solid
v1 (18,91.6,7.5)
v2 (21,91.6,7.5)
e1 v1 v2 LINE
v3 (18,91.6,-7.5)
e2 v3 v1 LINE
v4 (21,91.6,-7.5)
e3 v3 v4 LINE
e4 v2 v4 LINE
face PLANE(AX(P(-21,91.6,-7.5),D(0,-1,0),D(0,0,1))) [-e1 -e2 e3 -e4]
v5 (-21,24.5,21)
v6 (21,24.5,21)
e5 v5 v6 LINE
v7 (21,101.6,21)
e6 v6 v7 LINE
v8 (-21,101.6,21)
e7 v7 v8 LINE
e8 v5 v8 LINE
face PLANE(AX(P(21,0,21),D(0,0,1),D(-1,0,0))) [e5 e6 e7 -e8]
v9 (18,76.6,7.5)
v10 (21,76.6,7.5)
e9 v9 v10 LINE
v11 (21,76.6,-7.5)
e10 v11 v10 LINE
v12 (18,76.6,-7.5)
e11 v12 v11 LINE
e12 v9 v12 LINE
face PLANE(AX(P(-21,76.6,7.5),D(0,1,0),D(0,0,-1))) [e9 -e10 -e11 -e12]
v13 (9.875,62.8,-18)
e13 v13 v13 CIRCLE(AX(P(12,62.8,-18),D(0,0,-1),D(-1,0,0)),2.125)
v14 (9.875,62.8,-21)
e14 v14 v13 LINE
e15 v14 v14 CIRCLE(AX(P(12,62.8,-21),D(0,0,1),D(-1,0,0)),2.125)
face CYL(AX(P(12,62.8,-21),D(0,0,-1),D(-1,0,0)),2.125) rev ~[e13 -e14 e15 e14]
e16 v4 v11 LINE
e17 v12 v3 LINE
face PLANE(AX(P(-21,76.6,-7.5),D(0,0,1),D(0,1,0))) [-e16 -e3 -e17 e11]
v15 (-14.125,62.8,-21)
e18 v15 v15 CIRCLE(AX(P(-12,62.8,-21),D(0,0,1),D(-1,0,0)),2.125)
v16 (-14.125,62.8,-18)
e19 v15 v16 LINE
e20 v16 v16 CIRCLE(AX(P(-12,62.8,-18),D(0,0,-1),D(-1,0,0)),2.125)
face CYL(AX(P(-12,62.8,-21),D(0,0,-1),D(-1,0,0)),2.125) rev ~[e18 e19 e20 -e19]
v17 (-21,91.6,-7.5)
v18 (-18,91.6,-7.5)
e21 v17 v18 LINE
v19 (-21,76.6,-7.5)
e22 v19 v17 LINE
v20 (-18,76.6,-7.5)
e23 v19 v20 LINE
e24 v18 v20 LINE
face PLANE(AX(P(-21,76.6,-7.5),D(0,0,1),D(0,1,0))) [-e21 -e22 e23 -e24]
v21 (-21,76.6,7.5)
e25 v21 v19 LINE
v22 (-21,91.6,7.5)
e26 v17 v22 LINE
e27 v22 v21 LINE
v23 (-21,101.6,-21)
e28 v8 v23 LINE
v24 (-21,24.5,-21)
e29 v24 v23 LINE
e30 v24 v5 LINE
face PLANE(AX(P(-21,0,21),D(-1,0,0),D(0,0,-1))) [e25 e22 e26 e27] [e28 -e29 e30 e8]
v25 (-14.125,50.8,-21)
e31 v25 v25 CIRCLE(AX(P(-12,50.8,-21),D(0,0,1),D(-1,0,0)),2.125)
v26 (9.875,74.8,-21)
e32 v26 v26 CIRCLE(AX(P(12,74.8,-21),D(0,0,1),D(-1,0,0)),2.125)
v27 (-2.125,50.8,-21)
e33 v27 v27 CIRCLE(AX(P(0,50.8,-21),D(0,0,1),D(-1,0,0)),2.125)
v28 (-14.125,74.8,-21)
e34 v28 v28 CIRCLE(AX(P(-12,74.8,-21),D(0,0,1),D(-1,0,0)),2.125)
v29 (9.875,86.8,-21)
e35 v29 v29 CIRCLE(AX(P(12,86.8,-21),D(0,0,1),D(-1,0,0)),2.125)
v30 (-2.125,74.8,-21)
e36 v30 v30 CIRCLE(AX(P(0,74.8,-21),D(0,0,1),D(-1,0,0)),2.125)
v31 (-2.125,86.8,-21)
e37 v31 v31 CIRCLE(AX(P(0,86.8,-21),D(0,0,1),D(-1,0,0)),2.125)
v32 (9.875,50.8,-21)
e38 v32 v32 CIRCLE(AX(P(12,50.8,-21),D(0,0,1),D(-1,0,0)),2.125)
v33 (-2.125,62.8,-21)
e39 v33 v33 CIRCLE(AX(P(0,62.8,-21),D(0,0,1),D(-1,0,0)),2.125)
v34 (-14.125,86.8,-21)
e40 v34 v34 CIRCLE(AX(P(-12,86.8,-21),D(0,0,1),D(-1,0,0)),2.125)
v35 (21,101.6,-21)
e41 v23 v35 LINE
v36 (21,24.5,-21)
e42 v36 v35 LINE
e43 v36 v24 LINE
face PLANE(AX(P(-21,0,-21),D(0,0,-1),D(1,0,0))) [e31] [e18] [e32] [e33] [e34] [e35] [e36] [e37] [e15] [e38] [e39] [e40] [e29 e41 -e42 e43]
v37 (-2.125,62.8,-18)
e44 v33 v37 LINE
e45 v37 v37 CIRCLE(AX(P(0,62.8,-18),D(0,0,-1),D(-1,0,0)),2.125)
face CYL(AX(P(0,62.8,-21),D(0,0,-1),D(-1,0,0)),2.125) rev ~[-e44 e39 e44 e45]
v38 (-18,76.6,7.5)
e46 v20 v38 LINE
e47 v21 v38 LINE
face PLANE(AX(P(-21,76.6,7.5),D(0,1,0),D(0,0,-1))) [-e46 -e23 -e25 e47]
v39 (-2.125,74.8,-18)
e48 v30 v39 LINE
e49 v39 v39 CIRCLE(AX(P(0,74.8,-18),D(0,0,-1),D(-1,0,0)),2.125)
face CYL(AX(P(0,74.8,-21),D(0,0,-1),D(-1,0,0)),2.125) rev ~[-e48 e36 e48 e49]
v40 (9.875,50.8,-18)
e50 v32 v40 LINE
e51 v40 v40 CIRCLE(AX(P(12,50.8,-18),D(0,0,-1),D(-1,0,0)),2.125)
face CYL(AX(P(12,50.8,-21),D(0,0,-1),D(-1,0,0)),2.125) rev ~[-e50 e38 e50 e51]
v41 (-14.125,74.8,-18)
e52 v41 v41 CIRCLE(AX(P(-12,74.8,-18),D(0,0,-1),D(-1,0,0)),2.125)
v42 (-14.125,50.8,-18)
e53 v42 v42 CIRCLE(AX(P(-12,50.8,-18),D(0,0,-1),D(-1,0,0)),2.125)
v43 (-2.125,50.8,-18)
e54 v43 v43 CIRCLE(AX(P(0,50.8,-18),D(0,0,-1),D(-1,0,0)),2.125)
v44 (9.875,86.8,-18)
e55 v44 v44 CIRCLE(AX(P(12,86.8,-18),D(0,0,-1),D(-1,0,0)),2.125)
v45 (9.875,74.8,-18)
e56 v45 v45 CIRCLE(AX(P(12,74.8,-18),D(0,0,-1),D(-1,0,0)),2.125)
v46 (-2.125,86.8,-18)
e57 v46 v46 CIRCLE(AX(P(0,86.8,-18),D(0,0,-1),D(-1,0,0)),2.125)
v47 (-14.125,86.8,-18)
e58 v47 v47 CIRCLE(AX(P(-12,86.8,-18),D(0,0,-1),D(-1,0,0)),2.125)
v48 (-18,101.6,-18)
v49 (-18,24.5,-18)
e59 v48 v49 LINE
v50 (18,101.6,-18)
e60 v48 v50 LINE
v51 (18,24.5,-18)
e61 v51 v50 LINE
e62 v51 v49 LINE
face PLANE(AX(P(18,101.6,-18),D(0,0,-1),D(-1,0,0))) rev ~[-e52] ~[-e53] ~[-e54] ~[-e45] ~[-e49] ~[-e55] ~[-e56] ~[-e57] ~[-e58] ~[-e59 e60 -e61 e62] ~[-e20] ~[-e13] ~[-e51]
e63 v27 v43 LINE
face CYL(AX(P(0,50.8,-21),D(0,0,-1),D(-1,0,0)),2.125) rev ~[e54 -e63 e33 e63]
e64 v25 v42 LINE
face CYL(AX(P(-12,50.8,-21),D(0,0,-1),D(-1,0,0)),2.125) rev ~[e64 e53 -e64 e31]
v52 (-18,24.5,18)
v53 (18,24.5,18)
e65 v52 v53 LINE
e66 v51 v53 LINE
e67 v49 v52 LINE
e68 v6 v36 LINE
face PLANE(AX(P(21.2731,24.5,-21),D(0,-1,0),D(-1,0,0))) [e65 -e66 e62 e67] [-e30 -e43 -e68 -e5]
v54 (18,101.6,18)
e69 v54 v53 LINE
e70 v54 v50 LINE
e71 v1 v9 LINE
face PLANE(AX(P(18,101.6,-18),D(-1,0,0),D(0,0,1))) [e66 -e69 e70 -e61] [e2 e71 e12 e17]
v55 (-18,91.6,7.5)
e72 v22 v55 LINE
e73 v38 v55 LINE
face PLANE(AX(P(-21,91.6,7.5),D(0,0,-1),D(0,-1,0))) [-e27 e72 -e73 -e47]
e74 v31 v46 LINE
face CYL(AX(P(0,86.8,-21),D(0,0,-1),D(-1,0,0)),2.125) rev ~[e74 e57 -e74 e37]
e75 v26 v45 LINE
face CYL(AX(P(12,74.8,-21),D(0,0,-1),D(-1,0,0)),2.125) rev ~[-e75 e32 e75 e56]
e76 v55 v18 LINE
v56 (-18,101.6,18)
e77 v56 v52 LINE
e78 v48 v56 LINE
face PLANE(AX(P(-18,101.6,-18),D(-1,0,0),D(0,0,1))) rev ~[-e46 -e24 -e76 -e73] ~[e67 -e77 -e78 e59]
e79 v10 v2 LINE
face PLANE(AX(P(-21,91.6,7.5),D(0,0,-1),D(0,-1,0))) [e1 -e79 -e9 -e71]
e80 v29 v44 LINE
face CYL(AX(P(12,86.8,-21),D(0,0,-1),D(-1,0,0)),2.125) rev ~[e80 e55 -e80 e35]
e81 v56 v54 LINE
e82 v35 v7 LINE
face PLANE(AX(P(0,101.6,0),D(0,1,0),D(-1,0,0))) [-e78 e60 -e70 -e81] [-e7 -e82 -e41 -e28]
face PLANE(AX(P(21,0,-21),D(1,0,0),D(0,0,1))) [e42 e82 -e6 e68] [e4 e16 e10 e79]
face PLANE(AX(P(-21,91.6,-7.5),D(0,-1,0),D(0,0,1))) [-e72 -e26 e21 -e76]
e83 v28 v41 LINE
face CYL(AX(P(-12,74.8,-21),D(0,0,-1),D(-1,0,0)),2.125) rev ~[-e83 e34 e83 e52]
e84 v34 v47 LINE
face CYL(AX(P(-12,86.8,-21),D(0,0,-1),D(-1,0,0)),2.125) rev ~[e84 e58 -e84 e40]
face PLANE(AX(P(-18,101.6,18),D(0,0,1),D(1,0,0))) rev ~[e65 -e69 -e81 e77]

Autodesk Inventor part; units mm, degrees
ref_plane "YZ Plane" through (0, 0, 0) normal (1, 0, 0) x (0, 1, 0)
ref_plane "XZ Plane" through (0, 0, 0) normal (0, 1, 0) x (-1, 0, 0)
ref_plane "XY Plane" through (0, 0, 0) normal (0, 0, 1) x (1, 0, 0)
sketch "Sketch1" plane through (0, 0, 0) normal (0, 1, 0) x (-1, 0, 0)
  line L0 (-21, 21) -> (21, 21)
  line L1 (21, 21) -> (21, -21)
  line L2 (21, -21) -> (-21, -21)
  line L3 (-21, -21) -> (-21, 21)
  line L4 (-21, 21) -> (21, -21) construction
  line L5 (21, 21) -> (-21, -21) construction
  point P0 (0, 0)
  dimension "d0" = 42
  dimension "d1" = 42
extrude "Extrusion1" add sketch "Sketch1" along normal blind 101.6
sketch "Sketch2" plane through (0, 101.6, 0) normal (0, 1, 0) x (1, 0, 0)
  line L0 (21, 21) -> (-21, 21) projected
  line L1 (0, 21) -> (0, 18)
  line L2 (0, 18) -> (-18, 18)
  line L3 (-18, 18) -> (18, 18)
  line L4 (18, 18) -> (18, 14)
  line L5 (18, 14) -> (-18, 14)
  line L6 (-18, 14) -> (-18, 18)
  line L7 (21, -21) -> (21, 21) projected
  point P0 (0, 0)
  dimension "d4" = 3
  dimension "d5" = 18
  dimension "d6" = 36
  dimension "d7" = 4
extrude "Extrusion2" cut sketch "Sketch2" against normal through all
sketch "Sketch3" plane through (21, 0, -21) normal (0, 0, -1) x (-1, 0, 0)
  line L0 (0, 101.6) -> (42, 101.6) projected
  line L1 (21, 101.6) -> (21, 0)
  line L2 (21, 50.8) -> (39, 50.8)
  line L3 (39, 101.6) -> (39, 0) projected
  circle A0 centre (21, 50.8) radius 2.125
  dimension "d10" = 4.25
extrude "Extrusion3" cut sketch "Sketch3" against normal blind 3 contours A0 L2 L1 | L1 A0 | L2 A0 L1
pattern_linear "Rectangular Pattern1" count 2 spacing 12 along (-1, 0, 0) count 4 spacing 12 along (0, 1, 0) of "Extrusion3"
pattern_linear "Rectangular Pattern2" count 4 spacing 12 along (0, 1, 0) count 2 spacing 12 along (1, 0, 0) of "Extrusion3"
sketch "Sketch4" plane through (-21, 0, -21) normal (-1, 0, 0) x (0, 0, 1)
  line L0 (42, 0) -> (42, 101.6) projected
  line L1 (7, 101.6) -> (7, 0) projected
  line L2 (7, 72.8791) -> (9, 72.8791)
  line L3 (0, 101.6) -> (42, 101.6) projected
  line L4 (19.3629, 101.6) -> (19.3629, 91.6)
  line L5 (21, 91.6) -> (28.5, 91.6)
  line L6 (28.5, 91.6) -> (28.5, 76.6)
  line L7 (28.5, 76.6) -> (13.5, 76.6)
  line L8 (13.5, 76.6) -> (13.5, 91.6)
  line L9 (13.5, 91.6) -> (21, 91.6)
  point P0 (21, 0)
  dimension "d25" = 2
  dimension "d26" = 10
  dimension "d27" = 91.6
  dimension "d30" = 7.5
  dimension "d31" = 15
  dimension "d32" = 15
  dimension "d33" = 15
extrude "Extrusion4" cut sketch "Sketch4" against normal through all
sketch "Sketch5" plane through (21, 0, -21) normal (0, 0, -1) x (-1, 0, 0)
  point P0 (21, 0)
sketch "Sketch6" plane through (0, 0, 0) normal (0, -1, 0) x (1, 0, 0)
  line L0 (-18, -14) -> (18, -14)
  line L1 (18, -14) -> (18, -18)
  line L2 (18, -18) -> (-18, -18)
  line L3 (-18, -18) -> (-18, -14)
  line L4 (-18, -14) -> (18, -18) construction
  line L5 (18, -14) -> (-18, -18) construction
  point P0 (0, 0)
  point P1 (0, -16)
extrude "Extrusion5" add sketch "Sketch6" against normal blind 45
sketch "Sketch7" plane through (0, 101.6, 0) normal (0, 1, 0) x (1, 0, 0)
  line L0 (-18, 18) -> (-18, -18)
  line L1 (-21, -21) -> (21, -21) projected
  line L2 (-18, -18) -> (18, -18)
  line L3 (18, 18) -> (18, 14) projected
  line L4 (18, -18) -> (18, 18)
  line L5 (18, 18) -> (-18, 18)
  point P0 (0, 0)
  dimension "d38" = 36
  dimension "d39" = 36
extrude "Extrusion6" cut sketch "Sketch7" against normal through all
sketch "Sketch8" plane through (21, 0, -21) normal (0, 0, -1) x (-1, 0, 0)
  line L0 (-0.2731, 24.5) -> (42.2731, 24.5)
  line L1 (42.2731, 24.5) -> (42.2731, -24.5)
  line L2 (42.2731, -24.5) -> (-0.2731, -24.5)
  line L3 (-0.2731, -24.5) -> (-0.2731, 24.5)
  line L4 (-0.2731, 24.5) -> (42.2731, -24.5) construction
  line L5 (42.2731, 24.5) -> (-0.2731, -24.5) construction
  point P0 (21, 0)
  dimension "d42" = 49
extrude "Extrusion7" cut sketch "Sketch8" against normal through all
sketch "Sketch9" plane through (21, 101.6, -21) normal (0, 0, -1) x (-1, 0, 0)
  circle A0 centre (33, -26.8) radius 2.125 projected
  circle A1 centre (33, -38.8) radius 2.125 projected
  line L0 (33, -26.8) -> (33, -38.8)
  line L1 (33, -32.8) -> (42, -32.8)
  line L2 (42, -77.1) -> (42, 0) projected
  line L3 (42, -32.8) -> (0, -32.8)
  line L4 (0, -32.8) -> (0, 0)
  line L5 (0, 0) -> (42, 0)
  line L6 (42, 0) -> (42, -32.8)
  circle A2 centre (21, -26.8) radius 2.125 projected
  line L7 (21, -32.8) -> (21, -26.8)
  line L8 (42, -77.1) -> (39, -77.1)
  line L9 (0, -77.1) -> (42, -77.1) projected
  point P0 (21, -101.6)
  dimension "d45" = 42
  dimension "d46" = 32.8
properties part number "CraneArmBase"
